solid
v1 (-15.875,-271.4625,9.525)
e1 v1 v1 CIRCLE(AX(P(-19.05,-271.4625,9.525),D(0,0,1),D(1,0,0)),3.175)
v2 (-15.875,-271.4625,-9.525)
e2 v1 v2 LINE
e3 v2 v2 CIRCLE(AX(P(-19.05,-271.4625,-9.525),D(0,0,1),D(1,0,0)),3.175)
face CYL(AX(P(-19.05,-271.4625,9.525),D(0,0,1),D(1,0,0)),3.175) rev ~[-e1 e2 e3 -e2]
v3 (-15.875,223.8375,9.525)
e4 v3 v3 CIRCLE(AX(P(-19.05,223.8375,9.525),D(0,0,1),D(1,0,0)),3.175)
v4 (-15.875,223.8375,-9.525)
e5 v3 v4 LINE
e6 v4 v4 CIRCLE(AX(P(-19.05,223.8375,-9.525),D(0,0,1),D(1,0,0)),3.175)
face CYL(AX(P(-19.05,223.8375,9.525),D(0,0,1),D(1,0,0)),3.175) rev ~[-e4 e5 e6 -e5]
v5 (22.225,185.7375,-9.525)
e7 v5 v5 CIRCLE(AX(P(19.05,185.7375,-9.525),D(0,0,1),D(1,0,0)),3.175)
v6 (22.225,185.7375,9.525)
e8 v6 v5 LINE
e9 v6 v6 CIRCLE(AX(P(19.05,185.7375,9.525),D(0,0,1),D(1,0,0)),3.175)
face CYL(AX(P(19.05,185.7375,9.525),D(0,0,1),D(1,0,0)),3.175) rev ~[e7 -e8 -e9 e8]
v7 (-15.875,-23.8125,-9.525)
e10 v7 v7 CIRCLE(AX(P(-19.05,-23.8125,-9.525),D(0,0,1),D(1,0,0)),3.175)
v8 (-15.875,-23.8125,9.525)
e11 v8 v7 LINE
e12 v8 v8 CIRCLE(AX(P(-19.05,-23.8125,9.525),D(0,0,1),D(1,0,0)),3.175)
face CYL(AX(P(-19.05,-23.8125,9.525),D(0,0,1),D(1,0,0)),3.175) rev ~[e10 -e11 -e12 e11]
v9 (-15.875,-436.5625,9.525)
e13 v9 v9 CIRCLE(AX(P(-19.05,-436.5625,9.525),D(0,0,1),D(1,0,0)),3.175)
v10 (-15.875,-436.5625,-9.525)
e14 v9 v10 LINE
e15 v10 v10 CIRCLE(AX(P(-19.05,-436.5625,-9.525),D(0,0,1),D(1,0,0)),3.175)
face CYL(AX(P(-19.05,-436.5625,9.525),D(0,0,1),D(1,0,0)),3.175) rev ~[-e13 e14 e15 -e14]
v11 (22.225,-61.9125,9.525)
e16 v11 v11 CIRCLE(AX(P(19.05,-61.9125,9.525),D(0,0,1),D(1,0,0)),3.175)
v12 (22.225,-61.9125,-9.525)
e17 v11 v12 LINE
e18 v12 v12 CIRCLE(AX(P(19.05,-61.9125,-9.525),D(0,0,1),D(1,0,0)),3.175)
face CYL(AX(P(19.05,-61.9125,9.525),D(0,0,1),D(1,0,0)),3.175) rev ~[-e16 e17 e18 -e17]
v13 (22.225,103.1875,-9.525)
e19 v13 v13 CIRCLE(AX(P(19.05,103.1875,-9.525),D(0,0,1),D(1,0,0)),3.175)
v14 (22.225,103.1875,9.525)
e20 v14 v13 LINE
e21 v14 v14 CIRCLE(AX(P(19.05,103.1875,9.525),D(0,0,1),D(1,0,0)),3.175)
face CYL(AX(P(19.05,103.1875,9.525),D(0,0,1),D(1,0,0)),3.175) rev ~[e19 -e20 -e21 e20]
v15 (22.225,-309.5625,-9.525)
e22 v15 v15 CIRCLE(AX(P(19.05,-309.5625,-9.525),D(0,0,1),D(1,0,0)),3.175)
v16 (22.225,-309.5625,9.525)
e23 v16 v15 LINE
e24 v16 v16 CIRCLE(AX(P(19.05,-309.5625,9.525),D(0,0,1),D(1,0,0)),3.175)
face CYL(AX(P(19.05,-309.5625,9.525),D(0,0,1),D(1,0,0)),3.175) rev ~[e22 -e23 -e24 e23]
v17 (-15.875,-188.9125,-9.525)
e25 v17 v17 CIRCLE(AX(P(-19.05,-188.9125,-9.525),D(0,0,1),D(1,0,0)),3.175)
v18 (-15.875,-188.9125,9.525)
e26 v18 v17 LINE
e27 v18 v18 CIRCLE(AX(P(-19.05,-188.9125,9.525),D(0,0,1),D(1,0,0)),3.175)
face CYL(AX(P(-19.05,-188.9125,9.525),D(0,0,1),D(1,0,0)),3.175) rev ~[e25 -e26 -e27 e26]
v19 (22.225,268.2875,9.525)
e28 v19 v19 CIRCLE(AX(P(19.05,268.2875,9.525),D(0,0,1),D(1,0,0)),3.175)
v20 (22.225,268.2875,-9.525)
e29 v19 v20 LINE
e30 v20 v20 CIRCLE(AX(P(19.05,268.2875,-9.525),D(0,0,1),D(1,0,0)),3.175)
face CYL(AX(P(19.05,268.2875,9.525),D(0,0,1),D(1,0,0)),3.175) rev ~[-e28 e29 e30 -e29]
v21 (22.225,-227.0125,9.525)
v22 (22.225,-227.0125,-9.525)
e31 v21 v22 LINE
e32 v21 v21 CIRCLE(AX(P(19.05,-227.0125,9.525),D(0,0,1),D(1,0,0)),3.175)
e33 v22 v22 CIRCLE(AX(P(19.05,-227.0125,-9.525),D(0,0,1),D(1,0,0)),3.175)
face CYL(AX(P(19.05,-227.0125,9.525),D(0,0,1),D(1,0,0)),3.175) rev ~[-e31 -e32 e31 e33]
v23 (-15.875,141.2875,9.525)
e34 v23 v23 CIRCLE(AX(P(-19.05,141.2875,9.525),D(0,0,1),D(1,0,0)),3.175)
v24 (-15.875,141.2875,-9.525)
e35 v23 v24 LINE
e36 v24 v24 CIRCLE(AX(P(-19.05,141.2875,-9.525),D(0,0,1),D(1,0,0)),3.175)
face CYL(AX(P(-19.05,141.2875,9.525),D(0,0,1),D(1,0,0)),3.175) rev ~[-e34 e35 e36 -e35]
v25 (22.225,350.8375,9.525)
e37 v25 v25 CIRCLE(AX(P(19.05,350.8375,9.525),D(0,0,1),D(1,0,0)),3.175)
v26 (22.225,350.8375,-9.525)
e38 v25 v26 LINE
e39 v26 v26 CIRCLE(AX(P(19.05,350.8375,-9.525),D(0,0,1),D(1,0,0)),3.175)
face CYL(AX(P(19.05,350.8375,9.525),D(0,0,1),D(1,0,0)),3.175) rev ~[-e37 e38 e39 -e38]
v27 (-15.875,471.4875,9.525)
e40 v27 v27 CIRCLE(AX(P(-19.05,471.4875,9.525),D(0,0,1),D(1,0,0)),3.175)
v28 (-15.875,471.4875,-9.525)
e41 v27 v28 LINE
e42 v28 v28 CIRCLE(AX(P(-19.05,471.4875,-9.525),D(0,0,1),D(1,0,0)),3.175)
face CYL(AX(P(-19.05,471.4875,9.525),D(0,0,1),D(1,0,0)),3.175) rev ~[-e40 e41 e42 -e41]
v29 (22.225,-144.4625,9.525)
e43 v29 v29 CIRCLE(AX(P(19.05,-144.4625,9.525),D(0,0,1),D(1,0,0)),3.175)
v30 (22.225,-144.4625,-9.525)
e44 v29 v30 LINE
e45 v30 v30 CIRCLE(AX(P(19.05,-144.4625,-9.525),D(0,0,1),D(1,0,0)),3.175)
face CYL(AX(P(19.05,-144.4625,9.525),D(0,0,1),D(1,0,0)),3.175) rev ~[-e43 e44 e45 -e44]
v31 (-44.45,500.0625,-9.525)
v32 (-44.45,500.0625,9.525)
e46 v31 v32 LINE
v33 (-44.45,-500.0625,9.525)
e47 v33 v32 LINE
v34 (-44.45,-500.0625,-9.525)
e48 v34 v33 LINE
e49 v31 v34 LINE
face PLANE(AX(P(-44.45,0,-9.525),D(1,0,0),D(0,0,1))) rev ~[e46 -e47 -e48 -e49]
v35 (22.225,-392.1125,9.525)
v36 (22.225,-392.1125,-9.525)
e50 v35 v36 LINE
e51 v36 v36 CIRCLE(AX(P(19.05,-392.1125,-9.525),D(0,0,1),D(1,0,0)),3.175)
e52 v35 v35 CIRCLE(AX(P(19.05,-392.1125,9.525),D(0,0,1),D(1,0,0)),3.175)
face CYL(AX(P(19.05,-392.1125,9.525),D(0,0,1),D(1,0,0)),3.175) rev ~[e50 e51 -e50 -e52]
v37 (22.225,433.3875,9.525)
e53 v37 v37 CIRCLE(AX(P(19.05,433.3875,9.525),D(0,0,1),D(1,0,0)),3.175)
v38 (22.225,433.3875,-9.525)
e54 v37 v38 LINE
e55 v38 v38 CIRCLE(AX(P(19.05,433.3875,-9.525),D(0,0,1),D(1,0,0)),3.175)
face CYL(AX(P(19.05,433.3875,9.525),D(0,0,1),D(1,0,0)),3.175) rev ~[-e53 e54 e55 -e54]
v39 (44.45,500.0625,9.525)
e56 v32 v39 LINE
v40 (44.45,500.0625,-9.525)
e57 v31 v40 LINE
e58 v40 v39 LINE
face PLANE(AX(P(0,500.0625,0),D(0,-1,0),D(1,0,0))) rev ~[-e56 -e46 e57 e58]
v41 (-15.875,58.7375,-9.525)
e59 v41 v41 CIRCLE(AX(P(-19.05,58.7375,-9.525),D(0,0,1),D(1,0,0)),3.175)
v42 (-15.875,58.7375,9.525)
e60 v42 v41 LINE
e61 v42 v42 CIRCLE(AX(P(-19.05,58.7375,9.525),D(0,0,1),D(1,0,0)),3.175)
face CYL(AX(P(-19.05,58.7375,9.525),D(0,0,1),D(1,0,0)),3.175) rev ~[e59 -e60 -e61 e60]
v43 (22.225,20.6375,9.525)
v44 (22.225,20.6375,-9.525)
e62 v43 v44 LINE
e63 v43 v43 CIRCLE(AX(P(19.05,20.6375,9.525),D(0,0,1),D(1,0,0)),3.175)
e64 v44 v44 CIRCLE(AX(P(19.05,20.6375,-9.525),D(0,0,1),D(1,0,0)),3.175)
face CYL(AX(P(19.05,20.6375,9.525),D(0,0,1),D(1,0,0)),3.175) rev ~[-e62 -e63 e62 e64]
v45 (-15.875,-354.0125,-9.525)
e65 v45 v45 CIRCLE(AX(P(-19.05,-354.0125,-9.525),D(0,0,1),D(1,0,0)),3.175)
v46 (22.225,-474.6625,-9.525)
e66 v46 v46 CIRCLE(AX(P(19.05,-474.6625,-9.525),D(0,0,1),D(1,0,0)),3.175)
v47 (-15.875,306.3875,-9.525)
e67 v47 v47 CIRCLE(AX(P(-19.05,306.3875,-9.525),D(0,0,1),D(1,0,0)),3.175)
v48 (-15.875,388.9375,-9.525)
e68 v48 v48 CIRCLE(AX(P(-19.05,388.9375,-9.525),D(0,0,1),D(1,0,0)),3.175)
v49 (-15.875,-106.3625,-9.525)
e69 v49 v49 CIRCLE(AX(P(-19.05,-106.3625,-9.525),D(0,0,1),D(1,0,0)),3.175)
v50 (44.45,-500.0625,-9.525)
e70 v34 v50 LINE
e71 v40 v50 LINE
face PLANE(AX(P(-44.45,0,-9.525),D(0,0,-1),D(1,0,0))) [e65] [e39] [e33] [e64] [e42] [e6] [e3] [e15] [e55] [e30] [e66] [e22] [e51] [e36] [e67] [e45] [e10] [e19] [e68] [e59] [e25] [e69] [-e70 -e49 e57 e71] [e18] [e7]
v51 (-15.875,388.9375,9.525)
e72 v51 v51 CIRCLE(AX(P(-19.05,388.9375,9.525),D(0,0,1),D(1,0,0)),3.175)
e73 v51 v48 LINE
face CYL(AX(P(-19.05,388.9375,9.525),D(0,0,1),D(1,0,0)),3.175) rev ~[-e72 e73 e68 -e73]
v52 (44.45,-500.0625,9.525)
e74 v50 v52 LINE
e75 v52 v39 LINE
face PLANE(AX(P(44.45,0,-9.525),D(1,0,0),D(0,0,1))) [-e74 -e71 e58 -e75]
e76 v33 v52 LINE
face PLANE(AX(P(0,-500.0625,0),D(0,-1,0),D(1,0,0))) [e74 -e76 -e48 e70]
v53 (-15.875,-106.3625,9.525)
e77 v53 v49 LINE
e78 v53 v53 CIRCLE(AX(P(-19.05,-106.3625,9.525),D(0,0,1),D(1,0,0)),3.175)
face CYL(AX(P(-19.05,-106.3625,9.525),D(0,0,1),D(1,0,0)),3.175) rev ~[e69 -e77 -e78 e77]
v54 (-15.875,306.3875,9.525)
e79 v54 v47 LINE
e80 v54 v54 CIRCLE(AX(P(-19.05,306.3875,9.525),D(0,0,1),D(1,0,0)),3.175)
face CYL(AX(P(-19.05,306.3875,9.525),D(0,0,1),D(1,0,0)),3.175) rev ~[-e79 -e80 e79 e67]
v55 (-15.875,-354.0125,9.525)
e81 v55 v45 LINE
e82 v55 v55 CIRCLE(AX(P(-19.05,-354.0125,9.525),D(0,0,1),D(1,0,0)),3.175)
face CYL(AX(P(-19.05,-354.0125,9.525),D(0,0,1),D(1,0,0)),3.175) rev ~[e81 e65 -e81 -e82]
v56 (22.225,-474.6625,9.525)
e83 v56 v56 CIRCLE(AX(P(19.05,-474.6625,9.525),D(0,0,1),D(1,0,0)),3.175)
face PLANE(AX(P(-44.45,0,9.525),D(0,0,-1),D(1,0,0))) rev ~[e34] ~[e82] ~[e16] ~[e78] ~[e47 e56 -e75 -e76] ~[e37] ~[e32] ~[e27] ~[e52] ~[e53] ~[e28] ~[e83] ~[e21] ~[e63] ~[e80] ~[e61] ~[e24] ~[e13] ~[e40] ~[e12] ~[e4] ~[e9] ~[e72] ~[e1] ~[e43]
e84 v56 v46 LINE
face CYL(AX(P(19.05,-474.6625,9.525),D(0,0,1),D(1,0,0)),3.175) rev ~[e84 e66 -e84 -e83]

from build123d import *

# Parameters (mm, degrees)
F0_W     = 88.9
F0_H     = 19.05
F1_DEPTH = 500.0625
F2_R     = 3.175
F3_DEPTH = 19.05


with BuildPart() as f1:
    # F0 (on Front) → F1 (new body, symmetric)
    with BuildSketch(Plane.XZ):
        Rectangle(F0_W, F0_H)
    extrude(amount=F1_DEPTH, both=True)

    # F2 (on face) → F3 (cut, through all)
    with BuildSketch(Plane.XY.offset(9.525)):
        with Locations((19.05, -474.6625)):
            Circle(F2_R)
        with Locations((-19.05, -436.5625)):
            Circle(F2_R)
        with Locations((-19.05, -354.0125)):
            Circle(F2_R)
        with Locations((19.05, -392.1125)):
            Circle(F2_R)
        with Locations((-19.05, -271.4625)):
            Circle(F2_R)
        with Locations((19.05, -309.5625)):
            Circle(F2_R)
        with Locations((-19.05, -188.9125)):
            Circle(F2_R)
        with Locations((19.05, -227.0125)):
            Circle(F2_R)
        with Locations((-19.05, -106.3625)):
            Circle(F2_R)
        with Locations((19.05, -144.4625)):
            Circle(F2_R)
        with Locations((-19.05, -23.8125)):
            Circle(F2_R)
        with Locations((19.05, -61.9125)):
            Circle(F2_R)
        with Locations((-19.05, 58.7375)):
            Circle(F2_R)
        with Locations((19.05, 20.6375)):
            Circle(F2_R)
        with Locations((-19.05, 141.2875)):
            Circle(F2_R)
        with Locations((19.05, 103.1875)):
            Circle(F2_R)
        with Locations((-19.05, 223.8375)):
            Circle(F2_R)
        with Locations((19.05, 185.7375)):
            Circle(F2_R)
        with Locations((-19.05, 306.3875)):
            Circle(F2_R)
        with Locations((19.05, 268.2875)):
            Circle(F2_R)
        with Locations((-19.05, 388.9375)):
            Circle(F2_R)
        with Locations((19.05, 350.8375)):
            Circle(F2_R)
        with Locations((-19.05, 471.4875)):
            Circle(F2_R)
        with Locations((19.05, 433.3875)):
            Circle(F2_R)
    extrude(amount=-F3_DEPTH, mode=Mode.SUBTRACT)


solid = f1.part
